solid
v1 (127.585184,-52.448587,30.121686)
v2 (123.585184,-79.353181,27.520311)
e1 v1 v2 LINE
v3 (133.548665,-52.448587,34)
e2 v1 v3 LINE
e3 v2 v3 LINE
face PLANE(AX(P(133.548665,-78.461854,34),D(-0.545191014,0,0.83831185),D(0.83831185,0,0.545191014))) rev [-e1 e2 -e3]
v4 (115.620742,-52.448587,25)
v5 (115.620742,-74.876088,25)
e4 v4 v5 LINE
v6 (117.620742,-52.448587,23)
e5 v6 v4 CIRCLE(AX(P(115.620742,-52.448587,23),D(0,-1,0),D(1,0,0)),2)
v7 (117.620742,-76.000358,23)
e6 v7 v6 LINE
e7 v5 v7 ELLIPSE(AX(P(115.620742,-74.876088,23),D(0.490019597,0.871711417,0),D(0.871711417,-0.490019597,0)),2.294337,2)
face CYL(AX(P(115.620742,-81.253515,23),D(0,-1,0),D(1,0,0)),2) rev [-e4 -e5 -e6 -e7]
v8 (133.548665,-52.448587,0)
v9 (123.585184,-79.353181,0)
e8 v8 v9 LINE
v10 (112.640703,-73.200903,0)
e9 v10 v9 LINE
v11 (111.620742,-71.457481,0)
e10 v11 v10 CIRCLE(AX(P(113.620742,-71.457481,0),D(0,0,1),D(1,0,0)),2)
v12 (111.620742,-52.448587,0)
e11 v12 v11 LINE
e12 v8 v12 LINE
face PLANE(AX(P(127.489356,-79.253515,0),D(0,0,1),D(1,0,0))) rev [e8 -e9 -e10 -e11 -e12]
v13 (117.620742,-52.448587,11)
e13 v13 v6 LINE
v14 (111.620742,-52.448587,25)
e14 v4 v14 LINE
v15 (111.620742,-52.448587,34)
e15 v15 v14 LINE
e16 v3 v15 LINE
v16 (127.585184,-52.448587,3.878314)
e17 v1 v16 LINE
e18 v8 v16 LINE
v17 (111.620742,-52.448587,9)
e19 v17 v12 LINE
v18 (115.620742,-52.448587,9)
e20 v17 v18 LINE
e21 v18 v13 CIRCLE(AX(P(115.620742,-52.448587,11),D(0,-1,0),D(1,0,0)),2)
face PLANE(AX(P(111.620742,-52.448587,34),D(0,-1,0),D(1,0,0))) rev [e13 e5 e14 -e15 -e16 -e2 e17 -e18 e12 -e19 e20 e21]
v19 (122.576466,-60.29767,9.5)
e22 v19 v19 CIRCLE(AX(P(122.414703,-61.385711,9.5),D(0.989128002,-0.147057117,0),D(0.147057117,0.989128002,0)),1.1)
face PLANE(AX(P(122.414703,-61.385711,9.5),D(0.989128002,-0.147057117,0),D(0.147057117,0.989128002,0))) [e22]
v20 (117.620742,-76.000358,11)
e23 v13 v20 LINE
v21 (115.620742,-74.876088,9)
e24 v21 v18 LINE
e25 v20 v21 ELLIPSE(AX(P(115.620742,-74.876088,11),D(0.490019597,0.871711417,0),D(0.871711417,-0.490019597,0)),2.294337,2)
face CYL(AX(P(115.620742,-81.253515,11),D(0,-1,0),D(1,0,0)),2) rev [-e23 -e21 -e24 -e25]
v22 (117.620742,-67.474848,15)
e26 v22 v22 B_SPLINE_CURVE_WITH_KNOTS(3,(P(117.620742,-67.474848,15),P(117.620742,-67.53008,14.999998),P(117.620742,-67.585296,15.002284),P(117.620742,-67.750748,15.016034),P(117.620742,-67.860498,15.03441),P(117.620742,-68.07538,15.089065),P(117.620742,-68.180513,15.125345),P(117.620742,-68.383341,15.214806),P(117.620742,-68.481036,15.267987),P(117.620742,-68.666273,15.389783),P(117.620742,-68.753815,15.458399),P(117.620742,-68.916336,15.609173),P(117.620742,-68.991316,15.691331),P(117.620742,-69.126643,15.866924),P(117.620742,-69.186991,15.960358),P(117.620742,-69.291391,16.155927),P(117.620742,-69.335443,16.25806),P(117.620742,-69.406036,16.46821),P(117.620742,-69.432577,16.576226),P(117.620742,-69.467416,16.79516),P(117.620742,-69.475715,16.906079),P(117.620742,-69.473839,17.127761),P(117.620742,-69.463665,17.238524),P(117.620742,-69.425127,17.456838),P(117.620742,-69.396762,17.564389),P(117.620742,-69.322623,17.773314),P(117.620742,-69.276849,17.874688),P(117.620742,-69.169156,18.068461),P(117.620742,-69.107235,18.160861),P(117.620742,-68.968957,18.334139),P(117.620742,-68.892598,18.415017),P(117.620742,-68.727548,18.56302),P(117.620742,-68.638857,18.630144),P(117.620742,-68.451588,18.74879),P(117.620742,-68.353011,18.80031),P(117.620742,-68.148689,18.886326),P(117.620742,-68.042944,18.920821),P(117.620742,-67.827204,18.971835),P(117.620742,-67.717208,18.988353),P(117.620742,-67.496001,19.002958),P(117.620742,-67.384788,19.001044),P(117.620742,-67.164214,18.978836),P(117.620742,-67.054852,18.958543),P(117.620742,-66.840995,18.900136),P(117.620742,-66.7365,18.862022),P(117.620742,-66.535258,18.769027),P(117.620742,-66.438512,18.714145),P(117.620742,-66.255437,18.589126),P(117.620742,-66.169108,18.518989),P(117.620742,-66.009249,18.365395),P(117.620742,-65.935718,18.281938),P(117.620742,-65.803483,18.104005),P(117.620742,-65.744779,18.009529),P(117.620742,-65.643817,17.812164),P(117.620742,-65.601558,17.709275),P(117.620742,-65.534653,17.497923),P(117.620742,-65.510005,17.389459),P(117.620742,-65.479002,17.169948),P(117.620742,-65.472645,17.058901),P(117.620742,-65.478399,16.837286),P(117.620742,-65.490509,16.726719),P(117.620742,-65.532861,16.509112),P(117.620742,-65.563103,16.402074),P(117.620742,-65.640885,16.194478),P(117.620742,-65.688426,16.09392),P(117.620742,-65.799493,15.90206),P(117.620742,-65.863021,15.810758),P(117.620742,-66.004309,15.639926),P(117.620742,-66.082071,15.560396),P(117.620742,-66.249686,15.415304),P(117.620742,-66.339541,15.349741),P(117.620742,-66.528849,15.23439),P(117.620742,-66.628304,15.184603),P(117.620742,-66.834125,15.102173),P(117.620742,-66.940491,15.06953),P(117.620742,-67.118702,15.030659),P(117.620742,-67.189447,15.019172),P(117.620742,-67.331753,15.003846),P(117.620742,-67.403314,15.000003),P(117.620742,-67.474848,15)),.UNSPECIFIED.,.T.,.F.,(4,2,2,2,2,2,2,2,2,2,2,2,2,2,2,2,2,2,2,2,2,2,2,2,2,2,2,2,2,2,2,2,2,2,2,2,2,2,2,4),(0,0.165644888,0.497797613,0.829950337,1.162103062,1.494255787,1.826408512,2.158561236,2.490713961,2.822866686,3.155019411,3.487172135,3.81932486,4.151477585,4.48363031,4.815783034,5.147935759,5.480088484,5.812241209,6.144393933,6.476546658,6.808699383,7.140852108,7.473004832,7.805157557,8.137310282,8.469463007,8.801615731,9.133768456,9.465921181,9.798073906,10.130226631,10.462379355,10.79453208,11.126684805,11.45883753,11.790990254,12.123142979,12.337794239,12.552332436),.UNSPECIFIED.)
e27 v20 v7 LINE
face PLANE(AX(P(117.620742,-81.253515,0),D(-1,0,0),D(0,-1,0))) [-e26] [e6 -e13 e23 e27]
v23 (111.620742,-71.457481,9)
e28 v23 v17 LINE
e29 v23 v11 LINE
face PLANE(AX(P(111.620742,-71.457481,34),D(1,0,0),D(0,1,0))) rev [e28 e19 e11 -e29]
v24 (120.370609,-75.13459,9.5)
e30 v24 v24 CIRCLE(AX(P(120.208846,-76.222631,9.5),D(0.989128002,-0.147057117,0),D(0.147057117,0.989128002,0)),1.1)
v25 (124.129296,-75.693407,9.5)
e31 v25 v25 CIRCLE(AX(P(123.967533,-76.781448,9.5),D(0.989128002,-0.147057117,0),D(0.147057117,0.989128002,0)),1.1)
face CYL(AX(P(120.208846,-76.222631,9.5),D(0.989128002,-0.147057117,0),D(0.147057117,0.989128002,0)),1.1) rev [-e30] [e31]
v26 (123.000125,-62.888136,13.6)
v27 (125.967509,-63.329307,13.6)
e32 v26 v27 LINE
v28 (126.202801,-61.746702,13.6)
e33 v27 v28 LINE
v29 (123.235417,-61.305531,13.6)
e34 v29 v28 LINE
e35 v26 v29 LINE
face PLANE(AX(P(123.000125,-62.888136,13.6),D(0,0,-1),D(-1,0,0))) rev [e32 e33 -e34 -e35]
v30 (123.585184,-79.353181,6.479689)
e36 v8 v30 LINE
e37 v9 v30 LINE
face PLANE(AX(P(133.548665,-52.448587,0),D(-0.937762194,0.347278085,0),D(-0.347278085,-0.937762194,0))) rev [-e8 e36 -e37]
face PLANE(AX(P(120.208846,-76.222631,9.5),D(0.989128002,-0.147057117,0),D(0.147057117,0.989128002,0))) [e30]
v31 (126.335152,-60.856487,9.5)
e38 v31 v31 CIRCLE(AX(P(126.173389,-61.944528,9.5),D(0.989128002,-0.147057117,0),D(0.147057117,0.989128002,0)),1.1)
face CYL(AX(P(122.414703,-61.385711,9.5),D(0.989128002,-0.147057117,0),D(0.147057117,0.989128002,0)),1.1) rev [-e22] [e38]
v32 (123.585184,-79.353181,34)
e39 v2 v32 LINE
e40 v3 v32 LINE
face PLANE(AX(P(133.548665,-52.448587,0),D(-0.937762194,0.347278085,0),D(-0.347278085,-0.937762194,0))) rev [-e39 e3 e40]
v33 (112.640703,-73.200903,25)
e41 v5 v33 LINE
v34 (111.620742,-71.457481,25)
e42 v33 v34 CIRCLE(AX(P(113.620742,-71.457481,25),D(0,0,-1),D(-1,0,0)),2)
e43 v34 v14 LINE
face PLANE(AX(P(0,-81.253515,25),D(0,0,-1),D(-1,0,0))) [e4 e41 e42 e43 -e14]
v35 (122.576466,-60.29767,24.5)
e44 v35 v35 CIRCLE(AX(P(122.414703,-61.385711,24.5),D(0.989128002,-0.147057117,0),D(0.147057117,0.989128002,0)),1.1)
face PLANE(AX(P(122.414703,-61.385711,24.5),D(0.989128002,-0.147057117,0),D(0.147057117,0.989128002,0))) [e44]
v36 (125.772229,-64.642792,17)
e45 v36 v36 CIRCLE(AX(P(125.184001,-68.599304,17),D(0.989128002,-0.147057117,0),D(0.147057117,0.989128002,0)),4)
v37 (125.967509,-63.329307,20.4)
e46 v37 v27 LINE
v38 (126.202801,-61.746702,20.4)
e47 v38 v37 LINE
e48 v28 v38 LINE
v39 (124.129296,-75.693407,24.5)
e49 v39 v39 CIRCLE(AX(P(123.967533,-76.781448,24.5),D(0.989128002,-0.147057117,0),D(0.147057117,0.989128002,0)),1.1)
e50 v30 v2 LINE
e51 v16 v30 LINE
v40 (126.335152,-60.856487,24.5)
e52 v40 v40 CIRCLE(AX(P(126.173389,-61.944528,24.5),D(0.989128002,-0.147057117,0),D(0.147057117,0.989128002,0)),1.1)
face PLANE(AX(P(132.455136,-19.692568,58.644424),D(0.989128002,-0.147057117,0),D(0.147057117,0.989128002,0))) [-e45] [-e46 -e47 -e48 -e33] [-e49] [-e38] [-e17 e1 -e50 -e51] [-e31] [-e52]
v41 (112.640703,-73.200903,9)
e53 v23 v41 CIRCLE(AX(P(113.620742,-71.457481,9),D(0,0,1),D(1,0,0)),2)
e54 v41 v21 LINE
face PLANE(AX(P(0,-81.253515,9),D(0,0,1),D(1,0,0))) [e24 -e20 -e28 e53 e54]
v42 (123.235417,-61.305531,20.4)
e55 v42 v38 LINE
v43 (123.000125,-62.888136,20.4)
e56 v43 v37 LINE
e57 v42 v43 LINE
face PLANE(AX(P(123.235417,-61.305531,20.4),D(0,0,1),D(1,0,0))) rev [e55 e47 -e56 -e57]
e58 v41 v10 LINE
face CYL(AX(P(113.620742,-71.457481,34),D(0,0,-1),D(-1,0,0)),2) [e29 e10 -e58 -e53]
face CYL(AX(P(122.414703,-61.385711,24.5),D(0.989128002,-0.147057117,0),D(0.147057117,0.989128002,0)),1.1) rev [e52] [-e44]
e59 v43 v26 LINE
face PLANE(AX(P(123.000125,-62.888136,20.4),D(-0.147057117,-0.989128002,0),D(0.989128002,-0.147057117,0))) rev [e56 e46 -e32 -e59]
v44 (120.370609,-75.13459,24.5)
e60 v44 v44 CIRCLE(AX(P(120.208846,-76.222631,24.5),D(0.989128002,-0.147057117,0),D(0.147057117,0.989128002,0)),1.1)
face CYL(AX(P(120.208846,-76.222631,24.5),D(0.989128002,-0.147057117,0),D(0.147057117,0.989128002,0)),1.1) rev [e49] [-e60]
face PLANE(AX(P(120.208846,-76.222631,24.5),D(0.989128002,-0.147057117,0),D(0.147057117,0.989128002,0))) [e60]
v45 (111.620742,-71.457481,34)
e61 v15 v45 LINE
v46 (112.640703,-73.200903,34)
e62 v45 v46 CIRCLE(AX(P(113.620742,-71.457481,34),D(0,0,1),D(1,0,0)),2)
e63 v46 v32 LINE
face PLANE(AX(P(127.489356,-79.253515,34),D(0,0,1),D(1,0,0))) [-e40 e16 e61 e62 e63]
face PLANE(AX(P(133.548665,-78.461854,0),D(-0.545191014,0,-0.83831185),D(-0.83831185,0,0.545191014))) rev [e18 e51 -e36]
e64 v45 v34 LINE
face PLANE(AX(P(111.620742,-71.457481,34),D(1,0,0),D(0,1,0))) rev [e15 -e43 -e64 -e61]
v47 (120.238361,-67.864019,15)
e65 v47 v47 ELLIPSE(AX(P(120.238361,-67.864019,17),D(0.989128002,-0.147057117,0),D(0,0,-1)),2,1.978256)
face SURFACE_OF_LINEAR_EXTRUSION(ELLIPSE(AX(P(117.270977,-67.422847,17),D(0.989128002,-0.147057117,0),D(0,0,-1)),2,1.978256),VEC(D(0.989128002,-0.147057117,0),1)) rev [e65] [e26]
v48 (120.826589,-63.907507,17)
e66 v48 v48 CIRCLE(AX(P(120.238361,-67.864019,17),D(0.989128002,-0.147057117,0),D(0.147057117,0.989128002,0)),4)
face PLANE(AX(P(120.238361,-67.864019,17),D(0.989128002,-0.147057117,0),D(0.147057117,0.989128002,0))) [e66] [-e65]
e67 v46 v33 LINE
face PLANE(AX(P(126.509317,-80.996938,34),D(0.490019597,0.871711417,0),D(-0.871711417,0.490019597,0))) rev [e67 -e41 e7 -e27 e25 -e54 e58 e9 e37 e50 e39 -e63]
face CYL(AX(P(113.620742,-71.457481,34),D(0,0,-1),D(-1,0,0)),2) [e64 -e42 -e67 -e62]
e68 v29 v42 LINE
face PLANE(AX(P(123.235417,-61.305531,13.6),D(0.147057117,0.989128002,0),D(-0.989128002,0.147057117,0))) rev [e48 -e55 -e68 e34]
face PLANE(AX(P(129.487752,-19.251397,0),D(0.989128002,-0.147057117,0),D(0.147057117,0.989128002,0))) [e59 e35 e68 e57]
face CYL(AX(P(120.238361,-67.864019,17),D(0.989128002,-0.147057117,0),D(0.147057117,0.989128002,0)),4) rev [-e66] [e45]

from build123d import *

# Parameters (mm, degrees)
EXTRUDE_1_DEPTH             = 34
CUT_EXTRUDE_1_DEPTH         = 34
CUT_EXTRUDE_12_DEPTH        = 147.490797926
FILLET_1_R                  = 2
CUT_EXTRUDE_13_DEPTH        = 166.02110084
CUT_EXTRUDE_14_DEPTH        = 141.242418962
CUT_EXTRUDE_15_DEPTH        = 141.242418962
EXTRUDE_2_DEPTH             = 34
CUT_EXTRUDE_16_DEPTH        = 141.410480916
EXTRUDE_3_REACH             = 158.273
EXTRUDE_3_DIRECTION_2_REACH = 158.273
SKETCH_24_R                 = 1.1
CUT_EXTRUDE_18_DEPTH        = 3.8
SKETCH_25_RX                = 2
SKETCH_25_RY                = 1.978256004
CUT_EXTRUDE_19_DEPTH        = 8
SKETCH_26_W                 = 6.8
SKETCH_26_H                 = 1.6
CUT_EXTRUDE_20_DEPTH        = 3
SKETCH_27_R                 = 4
SKETCH_27_RX                = 2
SKETCH_27_RY                = 1.978256004
CUT_EXTRUDE_21_DEPTH        = 5


with BuildPart() as part:
    # 草图1 → 凸台-拉伸1 (new body)
    with BuildSketch(Plane.XY):
        with BuildLine():
            Line((111.620742166, -71.457480545), (111.620742166, -52.448586741))
            Line((111.620742166, -52.448586741), (139.548665218, -52.448586741))
            Line((139.548665218, -52.448586741), (129.36488038, -79.948071529))
            ThreePointArc((129.36488038, -79.948071529), (128.178923794, -81.130879534), (126.509316799, -80.996938193))
            Line((126.509316799, -80.996938193), (112.640702972, -73.200903379))
            ThreePointArc((112.640702972, -73.200903379), (111.894463164, -72.467411635), (111.620742166, -71.457480545))
        make_face()
    extrude(amount=EXTRUDE_1_DEPTH)

    # 草图2 → 切除-拉伸1 (cut)
    with BuildSketch(Plane(origin=(0, -52.448586741, 0), x_dir=(1, 0, 0), z_dir=(0, 1, 0))):
        Polygon((129.36488038, -30), (129.36488038, -4), (139.548665218, 0), (139.548665218, -34), align=None)
    extrude(amount=-CUT_EXTRUDE_1_DEPTH, mode=Mode.SUBTRACT)

    # 草图14 → 切除-拉伸12 (cut, through all)
    with BuildSketch(Plane(origin=(0, -52.448586741, 0), x_dir=(1, 0, 0), z_dir=(0, 1, 0))):
        Polygon((111.620742166, -9), (111.620742166, -17), (111.620742166, -25), (117.620742166, -25), (117.620742166, -9), align=None)
    extrude(amount=-CUT_EXTRUDE_12_DEPTH, mode=Mode.SUBTRACT)

    # 圆角1
    fillet_1_edges = [part.edges().sort_by_distance(p)[0] for p in [
        (117.620742166, -64.22447251, 25),
        (117.620742166, -64.22447251, 9),
    ]]
    fillet(fillet_1_edges, radius=FILLET_1_R)

    # 草图15 → 切除-拉伸13 (cut, through all)
    with BuildSketch(Plane.XY.offset(34)):
        with BuildLine():
            Line((129.36488038, -79.948071529), (139.548665218, -52.448586741))
            Line((139.548665218, -52.448586741), (133.548665218, -52.448586741))
            Line((133.548665218, -52.448586741), (124.398706092, -77.156410579))
            ThreePointArc((124.398706092, -77.156410579), (123.212749507, -78.339218585), (121.543142511, -78.205277244))
            Line((121.543142511, -78.205277244), (126.509316799, -80.996938193))
            ThreePointArc((126.509316799, -80.996938193), (128.178923794, -81.130879534), (129.36488038, -79.948071529))
        make_face()
    extrude(amount=-CUT_EXTRUDE_13_DEPTH, mode=Mode.SUBTRACT)

    # 草图16 → 切除-拉伸14 (cut, through all)
    with BuildSketch(Plane(origin=(0, -52.448586741, 0), x_dir=(1, 0, 0), z_dir=(0, 1, 0))):
        Polygon((124.398706092, -5.950620272), (124.398706092, -28.049379728), (129.36488038, -30), (129.36488038, -4), align=None)
    extrude(amount=-CUT_EXTRUDE_14_DEPTH, mode=Mode.SUBTRACT)

    # 草图17 → 切除-拉伸15 (cut, through all)
    with BuildSketch(Plane(origin=(0, -52.448586741, 0), x_dir=(1, 0, 0), z_dir=(0, 1, 0))):
        Polygon((124.398706092, -5.950620272), (124.398706092, -28.049379728), (133.548665218, -34), (133.548665218, 0), align=None)
    extrude(amount=-CUT_EXTRUDE_15_DEPTH, mode=Mode.SUBTRACT)

    # 草图18 → 凸台-拉伸2 (add)
    with BuildSketch(Plane.XY.offset(34)):
        with BuildLine():
            Line((121.543142511, -78.205277244), (123.585184196, -79.353180579))
            Line((123.585184196, -79.353180579), (124.398706092, -77.156410579))
            ThreePointArc((124.398706092, -77.156410579), (123.212749507, -78.339218585), (121.543142511, -78.205277244))
        make_face()
    extrude(amount=-EXTRUDE_2_DEPTH)

    # 草图21 → 切除-拉伸16 (cut, through all)
    with BuildSketch(Plane(origin=(0, -52.448586741, 0), x_dir=(1, 0, 0), z_dir=(0, 1, 0))):
        Polygon((123.585184196, -6.47968929), (123.585184196, -27.52031071), (124.398706092, -28.049379728), (124.398706092, -5.950620272), align=None)
    extrude(amount=-CUT_EXTRUDE_16_DEPTH, mode=Mode.SUBTRACT)

    # 凸台-拉伸3: up to this plane
    extrude_3_end = Plane(origin=(133.548665218, -78.46185441, 34), z_dir=(-0.5451910137179772, 0, 0.8383118504239127))
    # 草图22 → 凸台-拉伸3 (add, up to the surface)
    with BuildSketch(Plane.XY.offset(17), mode=Mode.PRIVATE) as extrude_3_sk1:
        Polygon((127.585184196, -52.448586741), (123.585184196, -79.353180579), (123.585184196, -52.448586741), align=None)
    extrude_3_tool1 = split(extrude(extrude_3_sk1.sketch, amount=EXTRUDE_3_REACH, mode=Mode.PRIVATE), bisect_by=extrude_3_end, keep=Keep.BOTH, mode=Mode.PRIVATE)
    add(extrude_3_tool1.solids().sort_by_distance((124.918518, -61.416785, 17))[0])

    # 凸台-拉伸3 direction 2: up to this plane
    extrude_3_direction_2_end = Plane(origin=(133.548665218, -78.46185441, 0), z_dir=(-0.5451910137179766, 0, -0.838311850423913))
    # 草图22 → 凸台-拉伸3 direction 2 (add, up to the surface)
    with BuildSketch(Plane.XY.offset(17), mode=Mode.PRIVATE) as extrude_3_direction_2_sk1:
        Polygon((127.585184196, -52.448586741), (123.585184196, -79.353180579), (123.585184196, -52.448586741), align=None)
    extrude_3_direction_2_tool1 = split(extrude(extrude_3_direction_2_sk1.sketch, amount=-EXTRUDE_3_DIRECTION_2_REACH, mode=Mode.PRIVATE), bisect_by=extrude_3_direction_2_end, keep=Keep.BOTH, mode=Mode.PRIVATE)
    add(extrude_3_direction_2_tool1.solids().sort_by_distance((124.918518, -61.416785, 17))[0])

    # 草图24 → 切除-拉伸18 (cut)
    with BuildSketch(Plane(origin=(132.455135986, -19.69256801, -116.943153128), x_dir=(0, 0, -1), z_dir=(0.9891280019770362, -0.1470571171515218, 0))):
        with Locations(Location((-141.443153128, -57.716372046, 0), (0, 0, 90))):
            Circle(SKETCH_24_R)
        with Locations(Location((-126.443153128, -57.716372046, 0), (0, 0, 90))):
            Circle(SKETCH_24_R)
        with Locations(Location((-141.443153128, -42.716372046, 0), (0, 0, 90))):
            Circle(SKETCH_24_R)
        with Locations(Location((-126.443153128, -42.716372046, 0), (0, 0, 90))):
            Circle(SKETCH_24_R)
    extrude(amount=-CUT_EXTRUDE_18_DEPTH, mode=Mode.SUBTRACT)

    # 草图25 → 切除-拉伸19 (cut)
    with BuildSketch(Plane(origin=(132.455135986, -19.69256801, -116.943153128), x_dir=(0, 0, -1), z_dir=(0.9891280019770362, -0.1470571171515218, 0))):
        with Locations((-133.943153128, -49.444294674)):
            Ellipse(SKETCH_25_RX, SKETCH_25_RY)
    extrude(amount=-CUT_EXTRUDE_19_DEPTH, mode=Mode.SUBTRACT)

    # 草图26 → 切除-拉伸20 (cut)
    with BuildSketch(Plane(origin=(132.455135986, -19.69256801, -116.943153128), x_dir=(0, 0, -1), z_dir=(0.9891280019770362, -0.1470571171515218, 0))):
        with Locations((-133.943153128, -43.316372046)):
            Rectangle(SKETCH_26_W, SKETCH_26_H)
    extrude(amount=-CUT_EXTRUDE_20_DEPTH, mode=Mode.SUBTRACT)

    # 草图27 → 切除-拉伸21 (cut)
    with BuildSketch(Plane(origin=(132.455135986, -19.69256801, 0), x_dir=(0, 0, -1), z_dir=(0.9891280019770362, -0.1470571171515218, 0))):
        with Locations(Location((-17, -49.444294674, 0), (0, 0, 90))):
            Circle(SKETCH_27_R)
        with Locations((-17, -49.444294674)):
            Ellipse(SKETCH_27_RX, SKETCH_27_RY, mode=Mode.SUBTRACT)
    extrude(amount=-CUT_EXTRUDE_21_DEPTH, mode=Mode.SUBTRACT)


solid = part.part
